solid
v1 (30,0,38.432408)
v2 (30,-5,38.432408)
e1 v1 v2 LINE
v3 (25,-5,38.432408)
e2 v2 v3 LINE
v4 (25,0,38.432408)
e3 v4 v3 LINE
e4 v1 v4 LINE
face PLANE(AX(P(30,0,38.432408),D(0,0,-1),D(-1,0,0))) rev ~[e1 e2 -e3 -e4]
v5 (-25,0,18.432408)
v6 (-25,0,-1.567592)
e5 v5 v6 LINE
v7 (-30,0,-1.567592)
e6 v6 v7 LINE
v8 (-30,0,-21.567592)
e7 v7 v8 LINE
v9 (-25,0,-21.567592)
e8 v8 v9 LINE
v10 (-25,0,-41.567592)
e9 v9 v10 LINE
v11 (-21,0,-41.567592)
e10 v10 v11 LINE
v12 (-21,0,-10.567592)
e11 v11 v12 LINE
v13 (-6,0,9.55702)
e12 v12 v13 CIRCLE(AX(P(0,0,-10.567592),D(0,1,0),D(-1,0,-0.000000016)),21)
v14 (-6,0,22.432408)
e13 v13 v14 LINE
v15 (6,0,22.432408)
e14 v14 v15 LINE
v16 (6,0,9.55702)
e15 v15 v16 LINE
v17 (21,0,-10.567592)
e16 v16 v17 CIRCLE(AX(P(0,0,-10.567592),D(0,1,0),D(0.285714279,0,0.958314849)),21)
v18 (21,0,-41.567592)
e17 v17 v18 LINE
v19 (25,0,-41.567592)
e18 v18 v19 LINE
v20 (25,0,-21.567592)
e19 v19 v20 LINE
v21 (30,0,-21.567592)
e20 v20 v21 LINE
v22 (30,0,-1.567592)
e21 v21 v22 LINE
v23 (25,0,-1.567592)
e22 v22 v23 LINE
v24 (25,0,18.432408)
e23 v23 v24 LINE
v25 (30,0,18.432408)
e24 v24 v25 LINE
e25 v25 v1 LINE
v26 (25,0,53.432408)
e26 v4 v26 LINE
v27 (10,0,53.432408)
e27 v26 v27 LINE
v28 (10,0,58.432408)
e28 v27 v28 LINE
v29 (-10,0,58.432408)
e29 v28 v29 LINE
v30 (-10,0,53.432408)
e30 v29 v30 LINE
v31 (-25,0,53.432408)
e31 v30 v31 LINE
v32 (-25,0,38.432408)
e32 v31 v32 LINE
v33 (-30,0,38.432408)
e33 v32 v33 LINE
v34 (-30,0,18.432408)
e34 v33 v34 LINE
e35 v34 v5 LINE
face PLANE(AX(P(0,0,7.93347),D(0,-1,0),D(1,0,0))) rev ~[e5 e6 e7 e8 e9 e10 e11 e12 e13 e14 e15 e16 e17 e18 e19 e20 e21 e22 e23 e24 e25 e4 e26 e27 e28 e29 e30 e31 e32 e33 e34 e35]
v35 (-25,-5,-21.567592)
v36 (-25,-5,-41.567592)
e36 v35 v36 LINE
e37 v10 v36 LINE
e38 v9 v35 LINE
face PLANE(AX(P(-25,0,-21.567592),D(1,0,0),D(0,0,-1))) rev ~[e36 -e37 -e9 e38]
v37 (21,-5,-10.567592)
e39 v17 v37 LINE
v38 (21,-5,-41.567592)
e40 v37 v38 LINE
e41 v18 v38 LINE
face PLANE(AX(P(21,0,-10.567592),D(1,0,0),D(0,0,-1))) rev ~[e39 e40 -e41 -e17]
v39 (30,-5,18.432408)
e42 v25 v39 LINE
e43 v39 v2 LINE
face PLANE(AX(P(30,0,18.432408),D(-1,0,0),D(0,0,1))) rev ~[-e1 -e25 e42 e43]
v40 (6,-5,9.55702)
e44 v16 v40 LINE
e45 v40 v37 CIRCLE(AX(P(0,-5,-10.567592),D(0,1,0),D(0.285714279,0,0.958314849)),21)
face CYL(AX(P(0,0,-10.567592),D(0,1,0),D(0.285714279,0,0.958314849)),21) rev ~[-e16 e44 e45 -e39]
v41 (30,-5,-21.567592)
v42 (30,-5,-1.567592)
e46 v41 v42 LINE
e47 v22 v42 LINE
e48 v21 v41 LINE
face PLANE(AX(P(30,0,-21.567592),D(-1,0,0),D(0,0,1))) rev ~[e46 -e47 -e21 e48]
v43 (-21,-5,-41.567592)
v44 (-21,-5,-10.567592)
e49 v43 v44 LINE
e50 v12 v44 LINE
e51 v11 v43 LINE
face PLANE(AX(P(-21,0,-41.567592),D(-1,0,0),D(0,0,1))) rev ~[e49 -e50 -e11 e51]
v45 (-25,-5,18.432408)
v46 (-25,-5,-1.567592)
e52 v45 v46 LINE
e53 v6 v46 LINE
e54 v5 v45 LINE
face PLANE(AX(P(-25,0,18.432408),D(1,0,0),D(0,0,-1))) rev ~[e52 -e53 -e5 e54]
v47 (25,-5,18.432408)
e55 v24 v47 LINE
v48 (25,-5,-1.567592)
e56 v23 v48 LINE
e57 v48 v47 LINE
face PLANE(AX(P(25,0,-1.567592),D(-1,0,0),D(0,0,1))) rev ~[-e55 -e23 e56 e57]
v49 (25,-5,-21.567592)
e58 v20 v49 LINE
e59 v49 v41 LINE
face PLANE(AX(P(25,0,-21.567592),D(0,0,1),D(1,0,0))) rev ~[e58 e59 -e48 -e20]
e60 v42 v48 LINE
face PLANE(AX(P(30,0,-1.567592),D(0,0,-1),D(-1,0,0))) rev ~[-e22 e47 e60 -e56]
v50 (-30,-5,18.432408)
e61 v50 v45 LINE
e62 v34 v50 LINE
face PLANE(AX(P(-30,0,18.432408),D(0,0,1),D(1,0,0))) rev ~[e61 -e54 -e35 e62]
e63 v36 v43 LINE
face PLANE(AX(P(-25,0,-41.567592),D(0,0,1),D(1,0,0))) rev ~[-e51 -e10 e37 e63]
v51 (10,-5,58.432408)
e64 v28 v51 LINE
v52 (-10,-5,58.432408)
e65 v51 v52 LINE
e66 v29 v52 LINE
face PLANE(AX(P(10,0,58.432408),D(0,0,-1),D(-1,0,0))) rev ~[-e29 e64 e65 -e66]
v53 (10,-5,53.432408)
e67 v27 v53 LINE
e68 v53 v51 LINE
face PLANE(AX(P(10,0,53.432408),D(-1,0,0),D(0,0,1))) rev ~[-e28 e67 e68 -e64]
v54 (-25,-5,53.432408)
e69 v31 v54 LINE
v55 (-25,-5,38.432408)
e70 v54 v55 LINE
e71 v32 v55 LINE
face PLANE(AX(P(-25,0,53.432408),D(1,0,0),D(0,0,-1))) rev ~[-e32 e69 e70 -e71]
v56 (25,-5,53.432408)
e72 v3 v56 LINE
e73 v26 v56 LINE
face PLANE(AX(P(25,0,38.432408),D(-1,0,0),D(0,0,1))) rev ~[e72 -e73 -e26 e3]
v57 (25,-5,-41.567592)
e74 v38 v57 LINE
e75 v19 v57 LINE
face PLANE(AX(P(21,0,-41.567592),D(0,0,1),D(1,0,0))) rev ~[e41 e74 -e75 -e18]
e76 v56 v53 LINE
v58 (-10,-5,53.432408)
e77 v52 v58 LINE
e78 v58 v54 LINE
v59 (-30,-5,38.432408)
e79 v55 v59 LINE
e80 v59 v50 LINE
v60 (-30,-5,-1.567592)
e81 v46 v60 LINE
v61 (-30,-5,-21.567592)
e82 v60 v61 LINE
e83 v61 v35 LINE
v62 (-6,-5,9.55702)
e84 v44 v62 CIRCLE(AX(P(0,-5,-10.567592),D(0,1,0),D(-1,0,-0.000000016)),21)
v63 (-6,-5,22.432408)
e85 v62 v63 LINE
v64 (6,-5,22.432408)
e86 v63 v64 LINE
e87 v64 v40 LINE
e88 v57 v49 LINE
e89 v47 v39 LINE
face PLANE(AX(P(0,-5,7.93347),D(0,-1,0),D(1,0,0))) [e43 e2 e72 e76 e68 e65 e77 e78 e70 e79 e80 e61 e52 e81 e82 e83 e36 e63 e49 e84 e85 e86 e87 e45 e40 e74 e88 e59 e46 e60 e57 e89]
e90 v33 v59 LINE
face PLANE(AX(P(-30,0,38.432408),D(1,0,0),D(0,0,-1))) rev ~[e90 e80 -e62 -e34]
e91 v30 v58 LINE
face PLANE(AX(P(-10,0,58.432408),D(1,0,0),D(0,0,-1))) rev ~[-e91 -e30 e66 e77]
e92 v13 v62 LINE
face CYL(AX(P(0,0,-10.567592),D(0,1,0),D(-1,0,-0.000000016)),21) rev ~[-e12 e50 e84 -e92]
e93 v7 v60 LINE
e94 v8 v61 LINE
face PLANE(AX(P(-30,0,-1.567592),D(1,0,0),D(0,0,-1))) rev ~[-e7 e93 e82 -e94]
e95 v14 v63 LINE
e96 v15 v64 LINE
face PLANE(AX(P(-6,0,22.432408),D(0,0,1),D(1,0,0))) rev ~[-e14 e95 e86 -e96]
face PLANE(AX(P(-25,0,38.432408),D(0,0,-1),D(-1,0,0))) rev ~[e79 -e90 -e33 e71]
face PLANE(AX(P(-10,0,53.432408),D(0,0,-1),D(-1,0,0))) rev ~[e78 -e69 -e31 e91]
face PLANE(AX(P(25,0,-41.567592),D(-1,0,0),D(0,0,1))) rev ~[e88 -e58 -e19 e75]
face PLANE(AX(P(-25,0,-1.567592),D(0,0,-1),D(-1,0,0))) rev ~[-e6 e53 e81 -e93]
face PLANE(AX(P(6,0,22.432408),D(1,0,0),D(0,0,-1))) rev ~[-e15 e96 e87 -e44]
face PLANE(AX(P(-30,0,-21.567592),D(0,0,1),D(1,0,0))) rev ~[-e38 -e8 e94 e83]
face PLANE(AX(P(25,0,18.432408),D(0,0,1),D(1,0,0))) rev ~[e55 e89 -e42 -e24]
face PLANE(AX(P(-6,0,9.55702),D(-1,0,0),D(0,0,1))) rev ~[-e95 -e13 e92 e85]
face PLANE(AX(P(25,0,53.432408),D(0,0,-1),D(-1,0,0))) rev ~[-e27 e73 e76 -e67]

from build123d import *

# Parameters (mm, degrees)
F1_DEPTH = 5


with BuildPart() as f1:
    # F0 (on Front) → F1 (new body)
    with BuildSketch(Plane.XZ):
        with BuildLine():
            Line((25, 38.432408), (25, 53.432408))
            Line((25, 53.432408), (10, 53.432408))
            Line((10, 53.432408), (10, 58.432408))
            Line((10, 58.432408), (-10, 58.432408))
            Line((-10, 58.432408), (-10, 53.432408))
            Line((-10, 53.432408), (-25, 53.432408))
            Line((-25, 53.432408), (-25, 38.432408))
            Line((-25, 38.432408), (-30, 38.432408))
            Line((-30, 38.432408), (-30, 18.432408))
            Line((-30, 18.432408), (-25, 18.432408))
            Line((-25, 18.432408), (-25, -1.567592))
            Line((-25, -1.567592), (-30, -1.567592))
            Line((-30, -1.567592), (-30, -21.567592))
            Line((-30, -21.567592), (-25, -21.567592))
            Line((-25, -21.567592), (-25, -29.567592))
            Line((-25, -29.567592), (-25, -41.567592))
            Line((-25, -41.567592), (-21, -41.567592))
            Line((-21, -41.567592), (-21, -29.567592))
            Line((-21, -29.567592), (-21, -20.567592))
            Line((-21, -20.567592), (-21, -10.567592))
            ThreePointArc((-21, -10.567592), (-16.837458, 1.982309), (-6, 9.55702))
            Line((-6, 9.55702), (-6, 10.432408))
            Line((-6, 10.432408), (-6, 22.432408))
            Line((-6, 22.432408), (6, 22.432408))
            Line((6, 22.432408), (6, 10.432408))
            Line((6, 10.432408), (6, 9.55702))
            ThreePointArc((6, 9.55702), (16.837458, 1.982309), (21, -10.567592))
            Line((21, -10.567592), (21, -20.567592))
            Line((21, -20.567592), (21, -29.567592))
            Line((21, -29.567592), (21, -41.567592))
            Line((21, -41.567592), (25, -41.567592))
            Line((25, -41.567592), (25, -29.567592))
            Line((25, -29.567592), (25, -21.567592))
            Line((25, -21.567592), (30, -21.567592))
            Line((30, -21.567592), (30, -1.567592))
            Line((30, -1.567592), (25, -1.567592))
            Line((25, -1.567592), (25, 18.432408))
            Line((25, 18.432408), (30, 18.432408))
            Line((30, 18.432408), (30, 38.432408))
            Line((30, 38.432408), (25, 38.432408))
        make_face()
    extrude(amount=F1_DEPTH)


solid = f1.part
